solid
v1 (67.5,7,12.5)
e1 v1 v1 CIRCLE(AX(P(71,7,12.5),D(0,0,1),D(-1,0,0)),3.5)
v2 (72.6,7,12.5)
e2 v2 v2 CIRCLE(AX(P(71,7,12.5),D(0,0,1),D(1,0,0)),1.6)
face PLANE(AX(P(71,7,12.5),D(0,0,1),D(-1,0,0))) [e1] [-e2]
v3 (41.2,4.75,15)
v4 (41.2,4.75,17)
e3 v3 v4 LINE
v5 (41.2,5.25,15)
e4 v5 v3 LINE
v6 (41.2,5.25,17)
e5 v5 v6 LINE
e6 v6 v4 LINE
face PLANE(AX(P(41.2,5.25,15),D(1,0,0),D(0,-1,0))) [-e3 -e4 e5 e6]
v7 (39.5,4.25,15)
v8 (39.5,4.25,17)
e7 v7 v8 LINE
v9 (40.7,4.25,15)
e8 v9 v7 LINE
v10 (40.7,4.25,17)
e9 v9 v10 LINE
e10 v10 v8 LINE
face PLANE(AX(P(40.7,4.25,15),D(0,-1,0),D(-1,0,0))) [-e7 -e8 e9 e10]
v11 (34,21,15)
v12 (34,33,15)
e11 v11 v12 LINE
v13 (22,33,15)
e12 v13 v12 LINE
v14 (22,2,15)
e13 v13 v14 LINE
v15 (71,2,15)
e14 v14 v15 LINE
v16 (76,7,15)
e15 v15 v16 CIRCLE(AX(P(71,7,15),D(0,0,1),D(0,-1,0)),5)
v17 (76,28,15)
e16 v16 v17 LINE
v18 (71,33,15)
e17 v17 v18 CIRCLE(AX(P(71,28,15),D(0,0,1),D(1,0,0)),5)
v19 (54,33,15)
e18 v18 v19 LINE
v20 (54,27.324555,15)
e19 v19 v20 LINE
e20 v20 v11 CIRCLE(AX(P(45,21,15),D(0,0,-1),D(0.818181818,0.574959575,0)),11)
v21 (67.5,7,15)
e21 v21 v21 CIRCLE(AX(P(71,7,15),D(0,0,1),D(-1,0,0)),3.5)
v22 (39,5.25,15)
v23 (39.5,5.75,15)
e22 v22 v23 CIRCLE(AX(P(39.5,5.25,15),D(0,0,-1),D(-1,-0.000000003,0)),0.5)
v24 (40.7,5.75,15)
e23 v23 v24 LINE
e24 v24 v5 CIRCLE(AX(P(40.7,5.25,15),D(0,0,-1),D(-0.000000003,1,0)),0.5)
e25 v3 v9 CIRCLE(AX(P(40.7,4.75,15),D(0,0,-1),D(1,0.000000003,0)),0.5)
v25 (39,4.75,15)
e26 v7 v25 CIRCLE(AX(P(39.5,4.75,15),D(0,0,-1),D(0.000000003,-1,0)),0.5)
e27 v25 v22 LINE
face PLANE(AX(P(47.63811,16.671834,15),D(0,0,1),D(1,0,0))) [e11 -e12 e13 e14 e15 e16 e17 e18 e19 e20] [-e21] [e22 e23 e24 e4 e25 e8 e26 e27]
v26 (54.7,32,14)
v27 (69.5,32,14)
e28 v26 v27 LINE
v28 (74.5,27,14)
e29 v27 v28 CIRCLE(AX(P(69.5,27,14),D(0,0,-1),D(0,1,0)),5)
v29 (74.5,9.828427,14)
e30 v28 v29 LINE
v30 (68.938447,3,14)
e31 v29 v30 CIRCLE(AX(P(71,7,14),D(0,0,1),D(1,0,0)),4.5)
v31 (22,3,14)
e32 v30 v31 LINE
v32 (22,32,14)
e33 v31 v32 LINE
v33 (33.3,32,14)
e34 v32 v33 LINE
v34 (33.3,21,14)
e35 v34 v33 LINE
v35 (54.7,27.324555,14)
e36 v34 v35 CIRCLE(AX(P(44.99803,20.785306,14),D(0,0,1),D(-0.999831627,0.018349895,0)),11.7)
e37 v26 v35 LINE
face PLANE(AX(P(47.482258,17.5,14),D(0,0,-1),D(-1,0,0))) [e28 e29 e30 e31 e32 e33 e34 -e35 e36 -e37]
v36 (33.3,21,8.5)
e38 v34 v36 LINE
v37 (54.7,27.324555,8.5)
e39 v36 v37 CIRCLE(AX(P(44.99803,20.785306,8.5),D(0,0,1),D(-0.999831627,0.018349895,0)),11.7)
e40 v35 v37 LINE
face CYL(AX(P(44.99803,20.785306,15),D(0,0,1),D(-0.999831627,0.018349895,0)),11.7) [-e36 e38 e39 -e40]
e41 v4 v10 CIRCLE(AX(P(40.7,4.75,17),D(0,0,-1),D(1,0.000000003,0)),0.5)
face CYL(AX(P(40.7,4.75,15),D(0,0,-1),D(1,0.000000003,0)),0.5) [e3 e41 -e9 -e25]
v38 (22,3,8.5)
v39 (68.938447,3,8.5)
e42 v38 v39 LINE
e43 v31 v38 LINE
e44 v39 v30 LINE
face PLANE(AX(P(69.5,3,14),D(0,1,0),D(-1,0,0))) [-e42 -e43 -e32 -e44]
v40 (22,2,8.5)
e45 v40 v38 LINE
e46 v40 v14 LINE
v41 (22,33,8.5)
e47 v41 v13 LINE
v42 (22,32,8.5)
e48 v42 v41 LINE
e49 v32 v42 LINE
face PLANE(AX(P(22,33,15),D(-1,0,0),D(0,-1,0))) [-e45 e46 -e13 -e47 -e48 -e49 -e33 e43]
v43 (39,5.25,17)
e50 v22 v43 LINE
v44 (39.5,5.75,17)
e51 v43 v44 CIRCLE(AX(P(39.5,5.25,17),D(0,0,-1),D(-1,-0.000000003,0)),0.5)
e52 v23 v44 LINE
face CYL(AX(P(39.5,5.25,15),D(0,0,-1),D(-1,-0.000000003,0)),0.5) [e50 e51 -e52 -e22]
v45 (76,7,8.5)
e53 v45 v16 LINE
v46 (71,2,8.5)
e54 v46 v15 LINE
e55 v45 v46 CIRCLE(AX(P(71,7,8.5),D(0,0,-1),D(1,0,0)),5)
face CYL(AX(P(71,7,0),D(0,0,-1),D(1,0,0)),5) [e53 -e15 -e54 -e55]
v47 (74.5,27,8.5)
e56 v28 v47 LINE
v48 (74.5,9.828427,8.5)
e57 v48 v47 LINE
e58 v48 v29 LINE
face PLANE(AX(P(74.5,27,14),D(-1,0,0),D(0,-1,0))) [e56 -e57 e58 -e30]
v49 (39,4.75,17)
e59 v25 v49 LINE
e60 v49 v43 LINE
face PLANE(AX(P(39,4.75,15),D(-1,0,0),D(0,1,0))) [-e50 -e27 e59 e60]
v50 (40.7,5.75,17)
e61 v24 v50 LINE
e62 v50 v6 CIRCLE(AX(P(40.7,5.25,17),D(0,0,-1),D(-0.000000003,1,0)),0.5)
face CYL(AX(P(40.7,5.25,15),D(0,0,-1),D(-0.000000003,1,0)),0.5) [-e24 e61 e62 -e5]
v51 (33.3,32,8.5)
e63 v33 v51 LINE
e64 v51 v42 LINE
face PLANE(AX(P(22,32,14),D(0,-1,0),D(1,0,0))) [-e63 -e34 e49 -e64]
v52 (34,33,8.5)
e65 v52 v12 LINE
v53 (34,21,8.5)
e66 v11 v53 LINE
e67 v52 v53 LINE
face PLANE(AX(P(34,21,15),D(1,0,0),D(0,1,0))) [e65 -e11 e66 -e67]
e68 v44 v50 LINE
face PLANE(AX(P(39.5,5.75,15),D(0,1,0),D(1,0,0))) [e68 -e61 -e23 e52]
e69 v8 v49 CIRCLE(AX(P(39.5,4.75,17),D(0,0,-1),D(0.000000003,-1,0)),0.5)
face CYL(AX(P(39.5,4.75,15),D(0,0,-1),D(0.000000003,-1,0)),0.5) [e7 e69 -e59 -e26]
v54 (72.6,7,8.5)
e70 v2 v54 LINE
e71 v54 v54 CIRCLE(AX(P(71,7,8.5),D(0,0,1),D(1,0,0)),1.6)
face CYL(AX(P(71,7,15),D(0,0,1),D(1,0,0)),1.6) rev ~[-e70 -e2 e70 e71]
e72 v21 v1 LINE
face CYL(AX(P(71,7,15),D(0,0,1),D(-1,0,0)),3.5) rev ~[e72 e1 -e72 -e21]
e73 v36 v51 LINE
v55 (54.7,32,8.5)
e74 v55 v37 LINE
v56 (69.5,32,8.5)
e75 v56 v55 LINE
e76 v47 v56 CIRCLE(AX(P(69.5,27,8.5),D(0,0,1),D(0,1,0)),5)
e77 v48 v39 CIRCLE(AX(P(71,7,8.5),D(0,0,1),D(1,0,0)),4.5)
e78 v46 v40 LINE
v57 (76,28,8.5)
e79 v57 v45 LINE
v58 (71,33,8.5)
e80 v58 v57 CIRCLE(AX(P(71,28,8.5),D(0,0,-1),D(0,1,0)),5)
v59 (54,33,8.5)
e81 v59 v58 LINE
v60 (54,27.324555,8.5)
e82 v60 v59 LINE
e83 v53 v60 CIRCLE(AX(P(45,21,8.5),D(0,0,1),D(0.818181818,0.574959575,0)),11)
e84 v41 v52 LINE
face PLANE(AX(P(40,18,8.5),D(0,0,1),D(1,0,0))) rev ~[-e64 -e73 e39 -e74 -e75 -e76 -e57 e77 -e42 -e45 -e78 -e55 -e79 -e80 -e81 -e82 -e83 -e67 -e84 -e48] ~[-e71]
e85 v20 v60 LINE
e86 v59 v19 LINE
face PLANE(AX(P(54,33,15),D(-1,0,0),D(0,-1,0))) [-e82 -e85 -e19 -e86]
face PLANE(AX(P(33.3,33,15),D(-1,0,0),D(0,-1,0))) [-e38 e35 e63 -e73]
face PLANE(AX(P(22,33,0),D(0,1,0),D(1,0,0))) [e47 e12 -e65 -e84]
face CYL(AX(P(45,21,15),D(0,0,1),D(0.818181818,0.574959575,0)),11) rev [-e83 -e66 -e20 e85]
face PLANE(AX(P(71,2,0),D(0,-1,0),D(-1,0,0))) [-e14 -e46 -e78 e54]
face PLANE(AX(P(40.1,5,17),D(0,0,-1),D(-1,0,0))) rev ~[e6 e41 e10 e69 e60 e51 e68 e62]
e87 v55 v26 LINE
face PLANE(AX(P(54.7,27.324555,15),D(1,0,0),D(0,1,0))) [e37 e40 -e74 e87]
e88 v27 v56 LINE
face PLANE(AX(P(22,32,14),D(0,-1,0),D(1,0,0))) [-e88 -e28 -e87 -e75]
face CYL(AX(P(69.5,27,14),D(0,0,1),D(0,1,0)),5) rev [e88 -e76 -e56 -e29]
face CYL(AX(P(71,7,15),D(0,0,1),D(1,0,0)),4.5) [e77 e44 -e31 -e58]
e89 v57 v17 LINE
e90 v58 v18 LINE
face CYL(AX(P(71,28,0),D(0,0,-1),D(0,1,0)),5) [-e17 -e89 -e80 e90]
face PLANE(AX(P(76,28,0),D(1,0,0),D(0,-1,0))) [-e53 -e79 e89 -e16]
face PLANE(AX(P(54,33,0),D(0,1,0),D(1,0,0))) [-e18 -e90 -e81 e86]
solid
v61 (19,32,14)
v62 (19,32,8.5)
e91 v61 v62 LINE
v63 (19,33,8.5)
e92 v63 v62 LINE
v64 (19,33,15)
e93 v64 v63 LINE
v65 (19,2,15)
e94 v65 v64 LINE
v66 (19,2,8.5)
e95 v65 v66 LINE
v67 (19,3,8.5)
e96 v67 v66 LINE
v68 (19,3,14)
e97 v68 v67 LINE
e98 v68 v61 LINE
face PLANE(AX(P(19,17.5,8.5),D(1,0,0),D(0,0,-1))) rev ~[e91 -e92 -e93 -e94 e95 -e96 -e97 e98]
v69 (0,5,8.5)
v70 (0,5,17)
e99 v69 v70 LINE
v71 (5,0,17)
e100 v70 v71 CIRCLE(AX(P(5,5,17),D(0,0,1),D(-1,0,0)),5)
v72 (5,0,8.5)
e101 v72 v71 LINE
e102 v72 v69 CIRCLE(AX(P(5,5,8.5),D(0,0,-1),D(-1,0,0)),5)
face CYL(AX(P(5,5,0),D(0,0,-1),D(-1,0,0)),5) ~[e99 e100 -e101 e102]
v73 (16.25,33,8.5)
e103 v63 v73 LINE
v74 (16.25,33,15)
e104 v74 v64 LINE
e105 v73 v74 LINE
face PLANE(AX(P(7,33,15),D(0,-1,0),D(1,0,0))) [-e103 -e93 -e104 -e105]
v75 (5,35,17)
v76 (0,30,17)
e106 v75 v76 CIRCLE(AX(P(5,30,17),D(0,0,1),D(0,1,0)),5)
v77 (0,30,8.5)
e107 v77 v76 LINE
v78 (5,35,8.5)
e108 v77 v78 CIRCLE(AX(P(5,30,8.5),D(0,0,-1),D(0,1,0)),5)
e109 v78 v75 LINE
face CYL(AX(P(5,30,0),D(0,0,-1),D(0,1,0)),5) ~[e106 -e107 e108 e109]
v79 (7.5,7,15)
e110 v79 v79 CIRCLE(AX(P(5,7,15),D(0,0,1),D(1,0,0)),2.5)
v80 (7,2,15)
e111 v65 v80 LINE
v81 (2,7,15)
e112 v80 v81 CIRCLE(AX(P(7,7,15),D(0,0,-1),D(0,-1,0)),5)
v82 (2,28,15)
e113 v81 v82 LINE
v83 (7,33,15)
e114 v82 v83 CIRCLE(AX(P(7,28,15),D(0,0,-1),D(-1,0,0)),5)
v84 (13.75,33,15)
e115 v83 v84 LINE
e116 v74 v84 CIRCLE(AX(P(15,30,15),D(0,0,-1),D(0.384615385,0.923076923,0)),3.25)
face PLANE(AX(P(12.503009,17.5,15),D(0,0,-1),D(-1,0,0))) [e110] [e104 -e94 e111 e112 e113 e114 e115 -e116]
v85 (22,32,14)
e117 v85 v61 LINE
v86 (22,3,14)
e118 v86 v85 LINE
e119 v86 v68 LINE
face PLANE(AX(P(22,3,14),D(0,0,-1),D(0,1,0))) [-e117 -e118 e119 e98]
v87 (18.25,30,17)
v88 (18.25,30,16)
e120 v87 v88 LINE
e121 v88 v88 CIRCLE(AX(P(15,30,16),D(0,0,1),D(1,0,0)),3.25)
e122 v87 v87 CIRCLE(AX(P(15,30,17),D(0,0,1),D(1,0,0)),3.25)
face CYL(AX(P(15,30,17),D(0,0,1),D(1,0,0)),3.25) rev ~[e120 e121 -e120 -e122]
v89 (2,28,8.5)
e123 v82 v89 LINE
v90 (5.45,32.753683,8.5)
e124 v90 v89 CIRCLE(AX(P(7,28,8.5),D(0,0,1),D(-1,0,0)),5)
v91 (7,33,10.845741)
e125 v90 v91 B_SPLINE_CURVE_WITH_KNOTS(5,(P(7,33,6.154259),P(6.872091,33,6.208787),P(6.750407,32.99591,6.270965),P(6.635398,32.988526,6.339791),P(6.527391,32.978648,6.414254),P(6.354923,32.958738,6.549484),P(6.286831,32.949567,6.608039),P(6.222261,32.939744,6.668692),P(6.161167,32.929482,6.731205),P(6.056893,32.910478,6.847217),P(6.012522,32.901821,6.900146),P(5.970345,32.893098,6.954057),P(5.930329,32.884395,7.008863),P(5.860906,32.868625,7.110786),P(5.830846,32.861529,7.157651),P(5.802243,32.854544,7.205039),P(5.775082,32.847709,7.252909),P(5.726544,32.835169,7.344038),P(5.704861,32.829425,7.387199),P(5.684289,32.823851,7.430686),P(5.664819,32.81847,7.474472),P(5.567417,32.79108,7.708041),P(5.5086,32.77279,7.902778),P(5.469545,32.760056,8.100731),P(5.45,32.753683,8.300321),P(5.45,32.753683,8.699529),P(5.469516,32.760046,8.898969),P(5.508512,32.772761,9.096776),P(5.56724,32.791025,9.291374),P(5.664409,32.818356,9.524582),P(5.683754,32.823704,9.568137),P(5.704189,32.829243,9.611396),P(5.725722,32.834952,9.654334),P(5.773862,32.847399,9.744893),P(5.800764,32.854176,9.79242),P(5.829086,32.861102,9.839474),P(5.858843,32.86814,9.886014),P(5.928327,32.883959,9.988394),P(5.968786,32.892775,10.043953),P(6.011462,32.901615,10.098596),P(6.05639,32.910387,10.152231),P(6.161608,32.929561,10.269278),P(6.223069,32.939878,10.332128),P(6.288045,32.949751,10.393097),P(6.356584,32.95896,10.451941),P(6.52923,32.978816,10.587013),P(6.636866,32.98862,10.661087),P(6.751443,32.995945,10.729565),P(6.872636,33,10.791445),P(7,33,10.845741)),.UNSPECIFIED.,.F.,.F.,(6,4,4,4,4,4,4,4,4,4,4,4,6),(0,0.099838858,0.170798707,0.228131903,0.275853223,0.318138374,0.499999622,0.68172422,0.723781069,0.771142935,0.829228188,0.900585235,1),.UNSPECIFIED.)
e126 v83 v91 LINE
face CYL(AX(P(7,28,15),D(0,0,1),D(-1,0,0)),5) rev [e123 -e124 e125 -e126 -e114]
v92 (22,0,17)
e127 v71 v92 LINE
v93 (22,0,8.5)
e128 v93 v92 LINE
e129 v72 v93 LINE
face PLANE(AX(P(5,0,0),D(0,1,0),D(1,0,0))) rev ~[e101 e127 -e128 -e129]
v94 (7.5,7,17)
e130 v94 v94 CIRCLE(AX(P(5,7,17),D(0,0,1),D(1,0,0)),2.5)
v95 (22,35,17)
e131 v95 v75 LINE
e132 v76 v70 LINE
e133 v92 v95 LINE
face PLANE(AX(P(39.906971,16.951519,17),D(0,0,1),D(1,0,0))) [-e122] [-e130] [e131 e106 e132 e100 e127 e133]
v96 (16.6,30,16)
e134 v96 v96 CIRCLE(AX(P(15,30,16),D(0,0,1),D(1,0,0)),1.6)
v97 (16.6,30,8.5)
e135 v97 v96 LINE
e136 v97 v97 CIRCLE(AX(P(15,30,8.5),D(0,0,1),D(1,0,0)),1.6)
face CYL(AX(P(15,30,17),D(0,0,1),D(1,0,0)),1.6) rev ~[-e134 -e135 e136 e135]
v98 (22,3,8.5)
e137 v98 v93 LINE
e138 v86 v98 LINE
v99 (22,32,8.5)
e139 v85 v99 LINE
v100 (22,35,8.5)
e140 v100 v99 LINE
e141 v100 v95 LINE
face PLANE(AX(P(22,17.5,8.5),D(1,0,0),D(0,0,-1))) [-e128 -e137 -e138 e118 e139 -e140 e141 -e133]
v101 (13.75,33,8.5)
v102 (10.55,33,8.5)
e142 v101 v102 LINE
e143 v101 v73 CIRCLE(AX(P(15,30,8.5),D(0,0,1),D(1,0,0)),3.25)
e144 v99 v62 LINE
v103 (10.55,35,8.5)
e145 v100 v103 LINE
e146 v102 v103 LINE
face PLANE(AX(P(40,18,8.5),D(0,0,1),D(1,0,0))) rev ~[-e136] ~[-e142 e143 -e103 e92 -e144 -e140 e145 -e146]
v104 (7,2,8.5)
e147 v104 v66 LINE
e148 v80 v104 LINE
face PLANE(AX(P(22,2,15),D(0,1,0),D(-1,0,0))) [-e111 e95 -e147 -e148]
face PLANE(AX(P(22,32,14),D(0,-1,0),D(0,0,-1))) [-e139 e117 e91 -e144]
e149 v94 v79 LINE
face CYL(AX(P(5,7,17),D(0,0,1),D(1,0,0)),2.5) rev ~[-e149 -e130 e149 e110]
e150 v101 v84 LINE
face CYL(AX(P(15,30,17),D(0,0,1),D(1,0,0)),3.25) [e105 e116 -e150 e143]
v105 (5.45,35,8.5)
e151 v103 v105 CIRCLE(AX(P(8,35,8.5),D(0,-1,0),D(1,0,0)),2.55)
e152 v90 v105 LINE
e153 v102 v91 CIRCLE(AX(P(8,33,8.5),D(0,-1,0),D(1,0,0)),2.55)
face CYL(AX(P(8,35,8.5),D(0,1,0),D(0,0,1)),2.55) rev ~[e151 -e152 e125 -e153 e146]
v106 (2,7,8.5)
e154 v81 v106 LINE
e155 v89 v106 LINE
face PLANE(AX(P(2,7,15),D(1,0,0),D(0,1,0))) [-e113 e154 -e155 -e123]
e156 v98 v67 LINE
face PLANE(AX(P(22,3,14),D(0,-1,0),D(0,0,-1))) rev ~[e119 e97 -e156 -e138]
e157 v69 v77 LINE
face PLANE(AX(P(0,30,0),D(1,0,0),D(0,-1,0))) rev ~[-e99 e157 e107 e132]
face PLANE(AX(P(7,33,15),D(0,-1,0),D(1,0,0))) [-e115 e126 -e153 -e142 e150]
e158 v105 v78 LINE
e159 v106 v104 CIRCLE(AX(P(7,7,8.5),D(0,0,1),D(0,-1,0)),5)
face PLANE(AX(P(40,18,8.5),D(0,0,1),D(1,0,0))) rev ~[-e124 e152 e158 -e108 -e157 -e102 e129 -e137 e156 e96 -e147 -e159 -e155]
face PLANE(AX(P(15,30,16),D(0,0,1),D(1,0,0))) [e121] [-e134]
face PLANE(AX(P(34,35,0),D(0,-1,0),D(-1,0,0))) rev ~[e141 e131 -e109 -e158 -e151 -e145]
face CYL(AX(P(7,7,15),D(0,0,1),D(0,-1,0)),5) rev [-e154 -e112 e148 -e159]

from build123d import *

# Parameters (mm, degrees)
BOSS_EXTRUDE1_DEPTH  = 17
CUT_EXTRUDE1_START   = -17
SKETCH3_W            = 12
SKETCH3_H            = 2
CUT_EXTRUDE1_DEPTH   = 17
CUT_EXTRUDE2_START   = -2
CUT_EXTRUDE2_DEPTH   = 2
SKETCH5_W            = 60
SKETCH5_H            = 35
CUT_EXTRUDE3_DEPTH   = 2
CUT_EXTRUDE4_DEPTH   = 11
CUT_EXTRUDE11_DEPTH  = 13
BOSS_EXTRUDE2_DEPTH  = 2
SKETCH13_R           = 2.5
CUT_EXTRUDE12_DEPTH  = 5
SKETCH14_R           = 2.55
CUT_EXTRUDE14_DEPTH  = 15
BOSS_EXTRUDE5_REACH  = 87.381
SKETCH15_R           = 3.25
SKETCH15_R_2         = 1.6
SKETCH15_4_R         = 3.25
SKETCH15_4_R_2       = 1.6
CUT_EXTRUDE16_DEPTH  = 1
SKETCH18_R           = 1.6
CUT_EXTRUDE17_DEPTH  = 15
SKETCH20_R           = 4.5
SKETCH20_R_2         = 1.6
BOSS_EXTRUDE6_DEPTH  = 13
SKETCH20_3_R         = 1.6
CUT_EXTRUDE20_DEPTH  = 86.005882191
SKETCH22_W           = 13
SKETCH22_H           = 31
SKETCH22_W_2         = 11
SKETCH22_H_2         = 29
BOSS_EXTRUDE7_DEPTH  = 3
SKETCH21_R           = 3.5
CUT_EXTRUDE21_DEPTH  = 2
SKETCH29_R           = 3.5
CUT_EXTRUDE22_DEPTH  = 2.5
BOSS_EXTRUDE10_DEPTH = 13
SKETCH24_W           = 80
SKETCH24_H           = 36
CUT_EXTRUDE23_DEPTH  = 10


with BuildPart() as part:
    # Sketch1 → Boss-Extrude1 (new body)
    with BuildSketch(Plane.XY):
        with BuildLine():
            ThreePointArc((0, 5), (1.464466094, 1.464466094), (5, 0))
            Line((5, 0), (73, 0))
            ThreePointArc((73, 0), (76.535533906, 1.464466094), (78, 5))
            Line((78, 5), (78, 30))
            ThreePointArc((78, 30), (76.535533906, 33.535533906), (73, 35))
            Line((73, 35), (54, 35))
            Line((54, 35), (54, 27.32455532))
            ThreePointArc((54, 27.32455532), (48.31662479, 10.511911518), (34, 21))
            Line((34, 21), (34, 35))
            Line((34, 35), (5, 35))
            ThreePointArc((5, 35), (1.464466094, 33.535533906), (0, 30))
            Line((0, 30), (0, 5))
        make_face()
    extrude(amount=BOSS_EXTRUDE1_DEPTH)

    # Sketch3 → Cut-Extrude1 (cut)
    with BuildSketch(Plane.XY.offset(17).offset(CUT_EXTRUDE1_START)):
        with Locations((28, 34)):
            Rectangle(SKETCH3_W, SKETCH3_H)
        with BuildLine():
            Line((54, 33), (71, 33))
            ThreePointArc((71, 33), (74.535533906, 31.535533906), (76, 28))
            Line((76, 28), (76, 7))
            ThreePointArc((76, 7), (74.535533906, 3.464466094), (71, 2))
            Line((71, 2), (22, 2))
            Line((22, 2), (22, 0))
            Line((22, 0), (73, 0))
            ThreePointArc((73, 0), (76.535533906, 1.464466094), (78, 5))
            Line((78, 5), (78, 30))
            ThreePointArc((78, 30), (76.535533906, 33.535533906), (73, 35))
            Line((73, 35), (54, 35))
            Line((54, 35), (54, 33))
        make_face()
    extrude(amount=CUT_EXTRUDE1_DEPTH, mode=Mode.SUBTRACT)

    # Sketch3<3> → Cut-Extrude2 (cut)
    with BuildSketch(Plane.XY.offset(17).offset(CUT_EXTRUDE2_START)):
        with BuildLine():
            ThreePointArc((76, 28), (74.535533906, 31.535533906), (71, 33))
            Line((71, 33), (54, 33))
            Line((54, 33), (54, 27.32455532))
            ThreePointArc((54, 27.32455532), (48.31662479, 10.511911518), (34, 21))
            Line((34, 21), (34, 33))
            Line((34, 33), (22, 33))
            Line((22, 33), (22, 2))
            Line((22, 2), (71, 2))
            ThreePointArc((71, 2), (74.535533906, 3.464466094), (76, 7))
            Line((76, 7), (76, 28))
        make_face()
    extrude(amount=CUT_EXTRUDE2_DEPTH, mode=Mode.SUBTRACT)

    # Sketch5 → Cut-Extrude3 (cut)
    with BuildSketch(Plane(origin=(0, 0, 0), x_dir=(-1, 0, 0), z_dir=(0, 0, -1))):
        with Locations((-52, 15.5)):
            Rectangle(SKETCH5_W, SKETCH5_H)
    extrude(amount=-CUT_EXTRUDE3_DEPTH, mode=Mode.SUBTRACT)

    # Sketch6 → Cut-Extrude4 (cut)
    with BuildSketch(Plane.XY.offset(14)):
        with BuildLine():
            Line((22, 32), (69.5, 32))
            ThreePointArc((69.5, 32), (73.035533906, 30.535533906), (74.5, 27))
            Line((74.5, 27), (74.5, 8))
            ThreePointArc((74.5, 8), (73.035533906, 4.464466094), (69.5, 3))
            Line((69.5, 3), (22, 3))
            Line((22, 3), (22, 32))
        make_face()
    extrude(amount=-CUT_EXTRUDE4_DEPTH, mode=Mode.SUBTRACT)

    # Sketch11 → Cut-Extrude11 (cut)
    with BuildSketch(Plane.XY.offset(15)):
        with BuildLine():
            Line((22, 2), (7, 2))
            ThreePointArc((7, 2), (3.464466094, 3.464466094), (2, 7))
            Line((2, 7), (2, 28))
            ThreePointArc((2, 28), (3.464466094, 31.535533906), (7, 33))
            Line((7, 33), (22, 33))
            Line((22, 33), (22, 2))
        make_face()
    extrude(amount=-CUT_EXTRUDE11_DEPTH, mode=Mode.SUBTRACT)


with BuildPart() as cut_extrude11_piece_1:
    # of the separate pieces the step leaves, piece 1, a body of its own (cut_extrude11_pieces)
    add(part.part.solids().sort_by_distance((0, 30, 0))[0])

    # Sketch13 → Cut-Extrude12 (cut)
    with BuildSketch(Plane.XY.offset(17)):
        with Locations((5, 7)):
            Circle(SKETCH13_R)
    extrude(amount=-CUT_EXTRUDE12_DEPTH, mode=Mode.SUBTRACT)

    # Sketch14 → Cut-Extrude14 (cut)
    with BuildSketch(Plane(origin=(0, 35, 0), x_dir=(1, 0, 0), z_dir=(0, 1, 0))):
        with Locations(Location((8, -8.5, 0), (0, 0, 270))):
            Circle(SKETCH14_R)
    extrude(amount=-CUT_EXTRUDE14_DEPTH, mode=Mode.SUBTRACT)

    # Sketch15 → Boss-Extrude5 (add, up to next)
    with BuildSketch(Plane.XY.offset(17), mode=Mode.PRIVATE) as boss_extrude5_sk1:
        with Locations((15, 30)):
            Circle(SKETCH15_R)
        with Locations((15, 30)):
            Circle(SKETCH15_R_2, mode=Mode.SUBTRACT)
    boss_extrude5_tool1 = extrude(boss_extrude5_sk1.sketch, amount=-BOSS_EXTRUDE5_REACH, mode=Mode.PRIVATE) - cut_extrude11_piece_1.part
    add(boss_extrude5_tool1.solids().sort_by_distance((11.841924, 30, 17))[0])

    # Sketch15<4> → Cut-Extrude16 (cut)
    with BuildSketch(Plane.XY.offset(17)):
        with Locations((15, 30)):
            Circle(SKETCH15_4_R)
        with Locations((15, 30)):
            Circle(SKETCH15_4_R_2, mode=Mode.SUBTRACT)
    extrude(amount=-CUT_EXTRUDE16_DEPTH, mode=Mode.SUBTRACT)

    # Sketch18 → Cut-Extrude17 (cut)
    with BuildSketch(Plane.XY.offset(17)):
        with Locations((15, 30)):
            Circle(SKETCH18_R)
    extrude(amount=-CUT_EXTRUDE17_DEPTH, mode=Mode.SUBTRACT)

    # Sketch22 → Boss-Extrude7 (add)
    with BuildSketch(Plane(origin=(22, 0, 0), x_dir=(0, 0, -1), z_dir=(1, 0, 0))):
        with Locations((-8.5, 17.5)):
            Rectangle(SKETCH22_W, SKETCH22_H)
        with Locations((-8.5, 17.5)):
            Rectangle(SKETCH22_W_2, SKETCH22_H_2, mode=Mode.SUBTRACT)
    extrude(amount=-BOSS_EXTRUDE7_DEPTH)


with BuildPart() as cut_extrude11_piece_2:
    # of the separate pieces the step leaves, piece 2, a body of its own (cut_extrude11_pieces)
    add(part.part.solids().sort_by_distance((34, 33, 2))[0])

    # Sketch12 → Boss-Extrude2 (add)
    with BuildSketch(Plane.XY.offset(15)):
        with BuildLine():
            Line((39.5, 5.75), (40.7, 5.75))
            ThreePointArc((40.7, 5.75), (41.053553391, 5.603553391), (41.2, 5.25))
            Line((41.2, 5.25), (41.2, 4.75))
            ThreePointArc((41.2, 4.75), (41.053553391, 4.396446609), (40.7, 4.25))
            Line((40.7, 4.25), (39.5, 4.25))
            ThreePointArc((39.5, 4.25), (39.146446609, 4.396446609), (39, 4.75))
            Line((39, 4.75), (39, 5.25))
            ThreePointArc((39, 5.25), (39.146446609, 5.603553391), (39.5, 5.75))
        make_face()
    extrude(amount=BOSS_EXTRUDE2_DEPTH)

    # Sketch20 → Boss-Extrude6 (add)
    with BuildSketch(Plane.XY.offset(15)):
        with Locations((71, 7)):
            Circle(SKETCH20_R)
        with Locations((71, 7)):
            Circle(SKETCH20_R_2, mode=Mode.SUBTRACT)
    extrude(amount=-BOSS_EXTRUDE6_DEPTH)

    # Sketch20<3> → Cut-Extrude20 (cut, through all)
    with BuildSketch(Plane.XY.offset(15)):
        with Locations((71, 7)):
            Circle(SKETCH20_3_R)
    extrude(amount=-CUT_EXTRUDE20_DEPTH, mode=Mode.SUBTRACT)

    # Sketch21 → Cut-Extrude21 (cut)
    with BuildSketch(Plane(origin=(0, 0, 2), x_dir=(-1, 0, 0), z_dir=(0, 0, -1))):
        with Locations((-71, 7)):
            Circle(SKETCH21_R)
    extrude(amount=-CUT_EXTRUDE21_DEPTH, mode=Mode.SUBTRACT)

    # Sketch29 → Cut-Extrude22 (cut)
    with BuildSketch(Plane.XY.offset(15)):
        with Locations(Location((71, 7, 0), (0, 0, 180))):
            Circle(SKETCH29_R)
    extrude(amount=-CUT_EXTRUDE22_DEPTH, mode=Mode.SUBTRACT)

    # Sketch36 → Boss-Extrude10 (add)
    with BuildSketch(Plane.XY.offset(15)):
        with BuildLine():
            Line((34, 21), (34, 33))
            Line((34, 33), (33.3, 33))
            Line((33.3, 33), (33.3, 21))
            ThreePointArc((33.3, 21), (48.314061384, 9.565059525), (54.7, 27.32455532))
            Line((54.7, 27.32455532), (54.7, 33))
            Line((54.7, 33), (54, 33))
            Line((54, 33), (54, 27.32455532))
            ThreePointArc((54, 27.32455532), (48.31662479, 10.511911518), (34, 21))
        make_face()
    extrude(amount=-BOSS_EXTRUDE10_DEPTH)


with BuildPart() as cut_extrude23_tool:
    # Sketch24 → Cut-Extrude23 (new body)
    with BuildSketch(Plane.XY.offset(8.5)):
        with Locations((40, 18)):
            Rectangle(SKETCH24_W, SKETCH24_H)
    extrude(amount=-CUT_EXTRUDE23_DEPTH)


with BuildPart() as cut_extrude11_piece_1_1:
    add(cut_extrude11_piece_1.part)

    # Cut-Extrude23: cut by cut_extrude23_tool
    add(cut_extrude23_tool.part, mode=Mode.SUBTRACT)


with BuildPart() as cut_extrude11_piece_2_1:
    add(cut_extrude11_piece_2.part)

    # Cut-Extrude23: cut by cut_extrude23_tool
    add(cut_extrude23_tool.part, mode=Mode.SUBTRACT)


solid = Compound([cut_extrude11_piece_1_1.part, cut_extrude11_piece_2_1.part])
